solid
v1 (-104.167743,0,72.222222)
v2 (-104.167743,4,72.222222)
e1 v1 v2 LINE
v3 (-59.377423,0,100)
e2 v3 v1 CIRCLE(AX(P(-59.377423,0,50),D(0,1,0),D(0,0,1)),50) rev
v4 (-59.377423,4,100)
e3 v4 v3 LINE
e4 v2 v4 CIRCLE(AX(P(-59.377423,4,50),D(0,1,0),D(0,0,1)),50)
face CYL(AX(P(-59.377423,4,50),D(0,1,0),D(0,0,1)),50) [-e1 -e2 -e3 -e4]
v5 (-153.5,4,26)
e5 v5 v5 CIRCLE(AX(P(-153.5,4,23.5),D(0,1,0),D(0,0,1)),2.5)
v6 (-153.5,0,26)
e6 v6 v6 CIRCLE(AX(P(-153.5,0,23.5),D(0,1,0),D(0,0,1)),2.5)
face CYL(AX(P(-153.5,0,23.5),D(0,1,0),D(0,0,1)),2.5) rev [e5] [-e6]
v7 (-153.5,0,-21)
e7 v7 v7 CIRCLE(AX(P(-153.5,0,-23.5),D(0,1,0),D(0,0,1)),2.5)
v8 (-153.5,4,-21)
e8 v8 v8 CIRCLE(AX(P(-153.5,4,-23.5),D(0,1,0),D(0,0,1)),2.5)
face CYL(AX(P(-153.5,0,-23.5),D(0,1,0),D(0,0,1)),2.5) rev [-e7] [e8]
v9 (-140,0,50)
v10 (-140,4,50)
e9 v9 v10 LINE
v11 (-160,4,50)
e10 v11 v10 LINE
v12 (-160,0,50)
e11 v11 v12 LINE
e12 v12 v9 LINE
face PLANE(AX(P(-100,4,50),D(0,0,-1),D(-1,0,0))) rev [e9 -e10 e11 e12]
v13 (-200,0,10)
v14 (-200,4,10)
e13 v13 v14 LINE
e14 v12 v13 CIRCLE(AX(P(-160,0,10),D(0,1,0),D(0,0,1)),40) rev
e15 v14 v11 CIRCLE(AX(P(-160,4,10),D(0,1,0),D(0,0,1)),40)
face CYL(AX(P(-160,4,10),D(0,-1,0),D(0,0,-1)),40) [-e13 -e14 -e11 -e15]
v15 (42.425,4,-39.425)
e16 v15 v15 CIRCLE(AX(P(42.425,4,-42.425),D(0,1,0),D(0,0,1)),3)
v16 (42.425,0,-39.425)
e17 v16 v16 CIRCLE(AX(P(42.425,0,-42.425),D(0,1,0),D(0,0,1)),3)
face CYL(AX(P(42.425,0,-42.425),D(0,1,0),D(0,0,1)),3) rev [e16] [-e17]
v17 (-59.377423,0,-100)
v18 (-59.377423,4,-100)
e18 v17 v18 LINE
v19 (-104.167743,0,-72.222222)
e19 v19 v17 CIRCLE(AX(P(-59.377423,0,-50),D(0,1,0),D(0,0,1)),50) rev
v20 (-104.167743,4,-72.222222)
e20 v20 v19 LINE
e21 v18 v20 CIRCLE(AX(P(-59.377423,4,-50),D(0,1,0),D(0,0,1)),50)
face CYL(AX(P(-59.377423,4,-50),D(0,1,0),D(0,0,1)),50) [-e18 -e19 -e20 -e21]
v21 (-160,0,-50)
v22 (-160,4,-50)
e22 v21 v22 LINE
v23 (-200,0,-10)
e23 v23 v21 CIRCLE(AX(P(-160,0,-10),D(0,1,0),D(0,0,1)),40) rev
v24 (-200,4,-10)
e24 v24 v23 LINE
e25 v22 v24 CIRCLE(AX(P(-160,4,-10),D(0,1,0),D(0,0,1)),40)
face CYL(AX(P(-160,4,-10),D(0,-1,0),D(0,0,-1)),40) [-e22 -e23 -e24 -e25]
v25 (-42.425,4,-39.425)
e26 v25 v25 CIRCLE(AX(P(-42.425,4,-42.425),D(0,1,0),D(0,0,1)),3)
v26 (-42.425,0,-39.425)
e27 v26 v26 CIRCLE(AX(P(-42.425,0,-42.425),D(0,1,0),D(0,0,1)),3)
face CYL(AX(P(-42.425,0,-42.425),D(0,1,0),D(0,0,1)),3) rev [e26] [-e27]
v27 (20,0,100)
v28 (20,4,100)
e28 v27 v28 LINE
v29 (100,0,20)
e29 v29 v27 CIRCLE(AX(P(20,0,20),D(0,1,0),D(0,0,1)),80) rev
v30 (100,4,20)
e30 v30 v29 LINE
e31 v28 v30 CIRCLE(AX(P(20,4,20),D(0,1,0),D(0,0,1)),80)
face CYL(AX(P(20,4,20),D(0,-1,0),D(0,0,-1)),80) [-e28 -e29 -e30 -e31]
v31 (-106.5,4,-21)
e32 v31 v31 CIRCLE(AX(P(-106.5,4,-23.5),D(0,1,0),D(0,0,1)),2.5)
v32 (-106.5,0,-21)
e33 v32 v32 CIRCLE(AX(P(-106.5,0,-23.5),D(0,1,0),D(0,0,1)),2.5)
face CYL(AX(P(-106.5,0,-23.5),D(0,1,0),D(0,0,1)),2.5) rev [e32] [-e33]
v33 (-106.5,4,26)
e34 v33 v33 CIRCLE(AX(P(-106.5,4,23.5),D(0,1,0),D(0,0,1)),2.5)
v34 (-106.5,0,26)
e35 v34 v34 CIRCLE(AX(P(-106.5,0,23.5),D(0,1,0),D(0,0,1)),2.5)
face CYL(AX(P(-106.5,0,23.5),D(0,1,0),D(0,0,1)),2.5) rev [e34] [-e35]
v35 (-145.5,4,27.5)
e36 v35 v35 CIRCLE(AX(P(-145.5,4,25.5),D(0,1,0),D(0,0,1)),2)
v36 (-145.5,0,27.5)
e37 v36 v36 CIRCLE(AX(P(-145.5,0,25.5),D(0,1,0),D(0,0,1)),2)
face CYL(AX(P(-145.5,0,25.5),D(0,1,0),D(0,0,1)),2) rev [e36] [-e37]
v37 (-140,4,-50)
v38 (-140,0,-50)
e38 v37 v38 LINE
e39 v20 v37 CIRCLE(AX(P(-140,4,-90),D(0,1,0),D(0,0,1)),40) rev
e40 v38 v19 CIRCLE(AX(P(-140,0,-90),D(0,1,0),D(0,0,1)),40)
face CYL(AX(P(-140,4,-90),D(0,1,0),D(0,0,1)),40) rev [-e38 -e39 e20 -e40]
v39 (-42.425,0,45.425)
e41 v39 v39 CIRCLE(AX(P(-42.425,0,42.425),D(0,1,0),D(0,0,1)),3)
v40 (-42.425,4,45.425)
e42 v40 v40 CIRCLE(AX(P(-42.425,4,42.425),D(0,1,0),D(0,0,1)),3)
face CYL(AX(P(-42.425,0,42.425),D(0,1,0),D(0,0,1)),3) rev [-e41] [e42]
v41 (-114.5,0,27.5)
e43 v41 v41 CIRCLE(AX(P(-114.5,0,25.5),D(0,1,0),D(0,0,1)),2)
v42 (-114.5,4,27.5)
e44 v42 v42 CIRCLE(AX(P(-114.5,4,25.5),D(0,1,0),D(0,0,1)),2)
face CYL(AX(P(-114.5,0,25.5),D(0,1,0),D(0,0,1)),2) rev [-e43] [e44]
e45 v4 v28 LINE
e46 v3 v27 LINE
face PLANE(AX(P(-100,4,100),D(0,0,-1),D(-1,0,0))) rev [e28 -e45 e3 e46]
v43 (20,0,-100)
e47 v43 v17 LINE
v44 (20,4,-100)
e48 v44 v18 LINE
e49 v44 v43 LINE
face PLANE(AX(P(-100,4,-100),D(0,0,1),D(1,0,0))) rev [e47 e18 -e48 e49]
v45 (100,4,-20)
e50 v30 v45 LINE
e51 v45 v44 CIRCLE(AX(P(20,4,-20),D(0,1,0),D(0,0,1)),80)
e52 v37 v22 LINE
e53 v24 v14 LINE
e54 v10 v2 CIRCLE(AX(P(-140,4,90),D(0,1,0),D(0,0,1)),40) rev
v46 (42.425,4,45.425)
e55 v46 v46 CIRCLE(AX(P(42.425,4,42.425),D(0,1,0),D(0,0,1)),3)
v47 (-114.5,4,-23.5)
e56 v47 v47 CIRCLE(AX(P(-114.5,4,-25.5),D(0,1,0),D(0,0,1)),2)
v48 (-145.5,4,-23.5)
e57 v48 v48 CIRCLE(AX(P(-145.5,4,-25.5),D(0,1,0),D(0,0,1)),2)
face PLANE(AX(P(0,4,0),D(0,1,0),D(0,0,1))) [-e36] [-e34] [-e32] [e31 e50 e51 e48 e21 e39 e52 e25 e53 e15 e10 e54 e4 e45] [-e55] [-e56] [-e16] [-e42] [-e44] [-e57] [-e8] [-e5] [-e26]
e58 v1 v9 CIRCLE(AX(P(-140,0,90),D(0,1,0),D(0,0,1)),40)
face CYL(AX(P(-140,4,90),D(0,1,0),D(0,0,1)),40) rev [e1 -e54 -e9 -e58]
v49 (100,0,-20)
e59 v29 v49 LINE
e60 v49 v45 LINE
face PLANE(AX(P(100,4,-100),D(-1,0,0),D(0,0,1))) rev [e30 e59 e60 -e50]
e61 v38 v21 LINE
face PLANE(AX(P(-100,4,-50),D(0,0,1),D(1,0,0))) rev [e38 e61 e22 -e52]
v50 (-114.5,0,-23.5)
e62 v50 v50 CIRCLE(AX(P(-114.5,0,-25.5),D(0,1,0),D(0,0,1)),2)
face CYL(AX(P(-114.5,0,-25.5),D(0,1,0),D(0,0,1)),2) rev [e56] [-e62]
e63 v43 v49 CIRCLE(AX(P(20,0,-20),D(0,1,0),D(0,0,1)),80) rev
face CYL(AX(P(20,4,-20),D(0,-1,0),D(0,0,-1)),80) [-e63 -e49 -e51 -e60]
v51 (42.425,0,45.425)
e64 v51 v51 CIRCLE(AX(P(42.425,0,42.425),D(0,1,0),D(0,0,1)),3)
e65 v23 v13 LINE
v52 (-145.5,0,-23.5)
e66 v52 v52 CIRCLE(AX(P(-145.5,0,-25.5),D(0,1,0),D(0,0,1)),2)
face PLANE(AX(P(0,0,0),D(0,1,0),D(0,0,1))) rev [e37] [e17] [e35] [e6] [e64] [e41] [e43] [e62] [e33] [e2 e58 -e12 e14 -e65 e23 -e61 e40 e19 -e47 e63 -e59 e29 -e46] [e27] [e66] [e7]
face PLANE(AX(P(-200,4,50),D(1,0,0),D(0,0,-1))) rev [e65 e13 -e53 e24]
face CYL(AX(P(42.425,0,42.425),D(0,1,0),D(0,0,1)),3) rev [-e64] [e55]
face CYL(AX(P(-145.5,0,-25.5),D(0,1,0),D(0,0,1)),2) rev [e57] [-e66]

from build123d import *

# Parameters (mm, degrees)
BOSS_EXTRUDE1_DEPTH = 4
FILLET1_R           = 40
SKETCH2_R           = 3
CUT_EXTRUDE1_DEPTH  = 4
SKETCH3_R           = 2
SKETCH3_R_2         = 2.5
CUT_EXTRUDE2_DEPTH  = 4
FILLET2_R           = 80
FILLET3_R           = 50


with BuildPart() as part:
    # Sketch1 → Boss-Extrude1 (new body)
    with BuildSketch(Plane(origin=(0, 0, 0), x_dir=(1, 0, 0), z_dir=(0, 1, 0))):
        Polygon((-100, 100), (100, 100), (100, -100), (-100, -100), (-100, -50), (-200, -50), (-200, 50), (-100, 50), align=None)
    extrude(amount=BOSS_EXTRUDE1_DEPTH)

    # Fillet1
    fillet1_edges = [part.edges().sort_by_distance(p)[0] for p in [
        (-100, 2, 50),
        (-200, 2, 50),
        (-200, 2, -50),
        (-100, 2, -50),
    ]]
    fillet(fillet1_edges, radius=FILLET1_R)

    # Sketch2 → Cut-Extrude1 (cut)
    with BuildSketch(Plane(origin=(0, 4, 0), x_dir=(1, 0, 0), z_dir=(0, 1, 0))):
        with Locations(Location((42.425, 42.425, 0), (0, 0, 270))):
            Circle(SKETCH2_R)
        with Locations(Location((42.425, -42.425, 0), (0, 0, 270))):
            Circle(SKETCH2_R)
        with Locations(Location((-42.425, -42.425, 0), (0, 0, 270))):
            Circle(SKETCH2_R)
        with Locations(Location((-42.425, 42.425, 0), (0, 0, 270))):
            Circle(SKETCH2_R)
    extrude(amount=-CUT_EXTRUDE1_DEPTH, mode=Mode.SUBTRACT)

    # Sketch3 → Cut-Extrude2 (cut)
    with BuildSketch(Plane(origin=(0, 4, 0), x_dir=(1, 0, 0), z_dir=(0, 1, 0))):
        with Locations(Location((-114.5, -25.5, 0), (0, 0, 270))):
            Circle(SKETCH3_R)
        with Locations(Location((-106.5, 23.5, 0), (0, 0, 270))):
            Circle(SKETCH3_R_2)
        with Locations(Location((-153.5, 23.5, 0), (0, 0, 270))):
            Circle(SKETCH3_R_2)
        with Locations(Location((-153.5, -23.5, 0), (0, 0, 270))):
            Circle(SKETCH3_R_2)
        with Locations(Location((-106.5, -23.5, 0), (0, 0, 270))):
            Circle(SKETCH3_R_2)
        with Locations(Location((-145.5, -25.5, 0), (0, 0, 270))):
            Circle(SKETCH3_R)
        with Locations(Location((-145.5, 25.5, 0), (0, 0, 270))):
            Circle(SKETCH3_R)
        with Locations(Location((-114.5, 25.5, 0), (0, 0, 270))):
            Circle(SKETCH3_R)
    extrude(amount=-CUT_EXTRUDE2_DEPTH, mode=Mode.SUBTRACT)

    # Fillet2
    fillet2_edges = [part.edges().sort_by_distance(p)[0] for p in [
        (100, 2, 100),
        (100, 2, -100),
    ]]
    fillet(fillet2_edges, radius=FILLET2_R)

    # Fillet3
    fillet3_edges = [part.edges().sort_by_distance(p)[0] for p in [
        (-100, 2, -100),
        (-100, 2, 100),
    ]]
    fillet(fillet3_edges, radius=FILLET3_R)


solid = part.part
